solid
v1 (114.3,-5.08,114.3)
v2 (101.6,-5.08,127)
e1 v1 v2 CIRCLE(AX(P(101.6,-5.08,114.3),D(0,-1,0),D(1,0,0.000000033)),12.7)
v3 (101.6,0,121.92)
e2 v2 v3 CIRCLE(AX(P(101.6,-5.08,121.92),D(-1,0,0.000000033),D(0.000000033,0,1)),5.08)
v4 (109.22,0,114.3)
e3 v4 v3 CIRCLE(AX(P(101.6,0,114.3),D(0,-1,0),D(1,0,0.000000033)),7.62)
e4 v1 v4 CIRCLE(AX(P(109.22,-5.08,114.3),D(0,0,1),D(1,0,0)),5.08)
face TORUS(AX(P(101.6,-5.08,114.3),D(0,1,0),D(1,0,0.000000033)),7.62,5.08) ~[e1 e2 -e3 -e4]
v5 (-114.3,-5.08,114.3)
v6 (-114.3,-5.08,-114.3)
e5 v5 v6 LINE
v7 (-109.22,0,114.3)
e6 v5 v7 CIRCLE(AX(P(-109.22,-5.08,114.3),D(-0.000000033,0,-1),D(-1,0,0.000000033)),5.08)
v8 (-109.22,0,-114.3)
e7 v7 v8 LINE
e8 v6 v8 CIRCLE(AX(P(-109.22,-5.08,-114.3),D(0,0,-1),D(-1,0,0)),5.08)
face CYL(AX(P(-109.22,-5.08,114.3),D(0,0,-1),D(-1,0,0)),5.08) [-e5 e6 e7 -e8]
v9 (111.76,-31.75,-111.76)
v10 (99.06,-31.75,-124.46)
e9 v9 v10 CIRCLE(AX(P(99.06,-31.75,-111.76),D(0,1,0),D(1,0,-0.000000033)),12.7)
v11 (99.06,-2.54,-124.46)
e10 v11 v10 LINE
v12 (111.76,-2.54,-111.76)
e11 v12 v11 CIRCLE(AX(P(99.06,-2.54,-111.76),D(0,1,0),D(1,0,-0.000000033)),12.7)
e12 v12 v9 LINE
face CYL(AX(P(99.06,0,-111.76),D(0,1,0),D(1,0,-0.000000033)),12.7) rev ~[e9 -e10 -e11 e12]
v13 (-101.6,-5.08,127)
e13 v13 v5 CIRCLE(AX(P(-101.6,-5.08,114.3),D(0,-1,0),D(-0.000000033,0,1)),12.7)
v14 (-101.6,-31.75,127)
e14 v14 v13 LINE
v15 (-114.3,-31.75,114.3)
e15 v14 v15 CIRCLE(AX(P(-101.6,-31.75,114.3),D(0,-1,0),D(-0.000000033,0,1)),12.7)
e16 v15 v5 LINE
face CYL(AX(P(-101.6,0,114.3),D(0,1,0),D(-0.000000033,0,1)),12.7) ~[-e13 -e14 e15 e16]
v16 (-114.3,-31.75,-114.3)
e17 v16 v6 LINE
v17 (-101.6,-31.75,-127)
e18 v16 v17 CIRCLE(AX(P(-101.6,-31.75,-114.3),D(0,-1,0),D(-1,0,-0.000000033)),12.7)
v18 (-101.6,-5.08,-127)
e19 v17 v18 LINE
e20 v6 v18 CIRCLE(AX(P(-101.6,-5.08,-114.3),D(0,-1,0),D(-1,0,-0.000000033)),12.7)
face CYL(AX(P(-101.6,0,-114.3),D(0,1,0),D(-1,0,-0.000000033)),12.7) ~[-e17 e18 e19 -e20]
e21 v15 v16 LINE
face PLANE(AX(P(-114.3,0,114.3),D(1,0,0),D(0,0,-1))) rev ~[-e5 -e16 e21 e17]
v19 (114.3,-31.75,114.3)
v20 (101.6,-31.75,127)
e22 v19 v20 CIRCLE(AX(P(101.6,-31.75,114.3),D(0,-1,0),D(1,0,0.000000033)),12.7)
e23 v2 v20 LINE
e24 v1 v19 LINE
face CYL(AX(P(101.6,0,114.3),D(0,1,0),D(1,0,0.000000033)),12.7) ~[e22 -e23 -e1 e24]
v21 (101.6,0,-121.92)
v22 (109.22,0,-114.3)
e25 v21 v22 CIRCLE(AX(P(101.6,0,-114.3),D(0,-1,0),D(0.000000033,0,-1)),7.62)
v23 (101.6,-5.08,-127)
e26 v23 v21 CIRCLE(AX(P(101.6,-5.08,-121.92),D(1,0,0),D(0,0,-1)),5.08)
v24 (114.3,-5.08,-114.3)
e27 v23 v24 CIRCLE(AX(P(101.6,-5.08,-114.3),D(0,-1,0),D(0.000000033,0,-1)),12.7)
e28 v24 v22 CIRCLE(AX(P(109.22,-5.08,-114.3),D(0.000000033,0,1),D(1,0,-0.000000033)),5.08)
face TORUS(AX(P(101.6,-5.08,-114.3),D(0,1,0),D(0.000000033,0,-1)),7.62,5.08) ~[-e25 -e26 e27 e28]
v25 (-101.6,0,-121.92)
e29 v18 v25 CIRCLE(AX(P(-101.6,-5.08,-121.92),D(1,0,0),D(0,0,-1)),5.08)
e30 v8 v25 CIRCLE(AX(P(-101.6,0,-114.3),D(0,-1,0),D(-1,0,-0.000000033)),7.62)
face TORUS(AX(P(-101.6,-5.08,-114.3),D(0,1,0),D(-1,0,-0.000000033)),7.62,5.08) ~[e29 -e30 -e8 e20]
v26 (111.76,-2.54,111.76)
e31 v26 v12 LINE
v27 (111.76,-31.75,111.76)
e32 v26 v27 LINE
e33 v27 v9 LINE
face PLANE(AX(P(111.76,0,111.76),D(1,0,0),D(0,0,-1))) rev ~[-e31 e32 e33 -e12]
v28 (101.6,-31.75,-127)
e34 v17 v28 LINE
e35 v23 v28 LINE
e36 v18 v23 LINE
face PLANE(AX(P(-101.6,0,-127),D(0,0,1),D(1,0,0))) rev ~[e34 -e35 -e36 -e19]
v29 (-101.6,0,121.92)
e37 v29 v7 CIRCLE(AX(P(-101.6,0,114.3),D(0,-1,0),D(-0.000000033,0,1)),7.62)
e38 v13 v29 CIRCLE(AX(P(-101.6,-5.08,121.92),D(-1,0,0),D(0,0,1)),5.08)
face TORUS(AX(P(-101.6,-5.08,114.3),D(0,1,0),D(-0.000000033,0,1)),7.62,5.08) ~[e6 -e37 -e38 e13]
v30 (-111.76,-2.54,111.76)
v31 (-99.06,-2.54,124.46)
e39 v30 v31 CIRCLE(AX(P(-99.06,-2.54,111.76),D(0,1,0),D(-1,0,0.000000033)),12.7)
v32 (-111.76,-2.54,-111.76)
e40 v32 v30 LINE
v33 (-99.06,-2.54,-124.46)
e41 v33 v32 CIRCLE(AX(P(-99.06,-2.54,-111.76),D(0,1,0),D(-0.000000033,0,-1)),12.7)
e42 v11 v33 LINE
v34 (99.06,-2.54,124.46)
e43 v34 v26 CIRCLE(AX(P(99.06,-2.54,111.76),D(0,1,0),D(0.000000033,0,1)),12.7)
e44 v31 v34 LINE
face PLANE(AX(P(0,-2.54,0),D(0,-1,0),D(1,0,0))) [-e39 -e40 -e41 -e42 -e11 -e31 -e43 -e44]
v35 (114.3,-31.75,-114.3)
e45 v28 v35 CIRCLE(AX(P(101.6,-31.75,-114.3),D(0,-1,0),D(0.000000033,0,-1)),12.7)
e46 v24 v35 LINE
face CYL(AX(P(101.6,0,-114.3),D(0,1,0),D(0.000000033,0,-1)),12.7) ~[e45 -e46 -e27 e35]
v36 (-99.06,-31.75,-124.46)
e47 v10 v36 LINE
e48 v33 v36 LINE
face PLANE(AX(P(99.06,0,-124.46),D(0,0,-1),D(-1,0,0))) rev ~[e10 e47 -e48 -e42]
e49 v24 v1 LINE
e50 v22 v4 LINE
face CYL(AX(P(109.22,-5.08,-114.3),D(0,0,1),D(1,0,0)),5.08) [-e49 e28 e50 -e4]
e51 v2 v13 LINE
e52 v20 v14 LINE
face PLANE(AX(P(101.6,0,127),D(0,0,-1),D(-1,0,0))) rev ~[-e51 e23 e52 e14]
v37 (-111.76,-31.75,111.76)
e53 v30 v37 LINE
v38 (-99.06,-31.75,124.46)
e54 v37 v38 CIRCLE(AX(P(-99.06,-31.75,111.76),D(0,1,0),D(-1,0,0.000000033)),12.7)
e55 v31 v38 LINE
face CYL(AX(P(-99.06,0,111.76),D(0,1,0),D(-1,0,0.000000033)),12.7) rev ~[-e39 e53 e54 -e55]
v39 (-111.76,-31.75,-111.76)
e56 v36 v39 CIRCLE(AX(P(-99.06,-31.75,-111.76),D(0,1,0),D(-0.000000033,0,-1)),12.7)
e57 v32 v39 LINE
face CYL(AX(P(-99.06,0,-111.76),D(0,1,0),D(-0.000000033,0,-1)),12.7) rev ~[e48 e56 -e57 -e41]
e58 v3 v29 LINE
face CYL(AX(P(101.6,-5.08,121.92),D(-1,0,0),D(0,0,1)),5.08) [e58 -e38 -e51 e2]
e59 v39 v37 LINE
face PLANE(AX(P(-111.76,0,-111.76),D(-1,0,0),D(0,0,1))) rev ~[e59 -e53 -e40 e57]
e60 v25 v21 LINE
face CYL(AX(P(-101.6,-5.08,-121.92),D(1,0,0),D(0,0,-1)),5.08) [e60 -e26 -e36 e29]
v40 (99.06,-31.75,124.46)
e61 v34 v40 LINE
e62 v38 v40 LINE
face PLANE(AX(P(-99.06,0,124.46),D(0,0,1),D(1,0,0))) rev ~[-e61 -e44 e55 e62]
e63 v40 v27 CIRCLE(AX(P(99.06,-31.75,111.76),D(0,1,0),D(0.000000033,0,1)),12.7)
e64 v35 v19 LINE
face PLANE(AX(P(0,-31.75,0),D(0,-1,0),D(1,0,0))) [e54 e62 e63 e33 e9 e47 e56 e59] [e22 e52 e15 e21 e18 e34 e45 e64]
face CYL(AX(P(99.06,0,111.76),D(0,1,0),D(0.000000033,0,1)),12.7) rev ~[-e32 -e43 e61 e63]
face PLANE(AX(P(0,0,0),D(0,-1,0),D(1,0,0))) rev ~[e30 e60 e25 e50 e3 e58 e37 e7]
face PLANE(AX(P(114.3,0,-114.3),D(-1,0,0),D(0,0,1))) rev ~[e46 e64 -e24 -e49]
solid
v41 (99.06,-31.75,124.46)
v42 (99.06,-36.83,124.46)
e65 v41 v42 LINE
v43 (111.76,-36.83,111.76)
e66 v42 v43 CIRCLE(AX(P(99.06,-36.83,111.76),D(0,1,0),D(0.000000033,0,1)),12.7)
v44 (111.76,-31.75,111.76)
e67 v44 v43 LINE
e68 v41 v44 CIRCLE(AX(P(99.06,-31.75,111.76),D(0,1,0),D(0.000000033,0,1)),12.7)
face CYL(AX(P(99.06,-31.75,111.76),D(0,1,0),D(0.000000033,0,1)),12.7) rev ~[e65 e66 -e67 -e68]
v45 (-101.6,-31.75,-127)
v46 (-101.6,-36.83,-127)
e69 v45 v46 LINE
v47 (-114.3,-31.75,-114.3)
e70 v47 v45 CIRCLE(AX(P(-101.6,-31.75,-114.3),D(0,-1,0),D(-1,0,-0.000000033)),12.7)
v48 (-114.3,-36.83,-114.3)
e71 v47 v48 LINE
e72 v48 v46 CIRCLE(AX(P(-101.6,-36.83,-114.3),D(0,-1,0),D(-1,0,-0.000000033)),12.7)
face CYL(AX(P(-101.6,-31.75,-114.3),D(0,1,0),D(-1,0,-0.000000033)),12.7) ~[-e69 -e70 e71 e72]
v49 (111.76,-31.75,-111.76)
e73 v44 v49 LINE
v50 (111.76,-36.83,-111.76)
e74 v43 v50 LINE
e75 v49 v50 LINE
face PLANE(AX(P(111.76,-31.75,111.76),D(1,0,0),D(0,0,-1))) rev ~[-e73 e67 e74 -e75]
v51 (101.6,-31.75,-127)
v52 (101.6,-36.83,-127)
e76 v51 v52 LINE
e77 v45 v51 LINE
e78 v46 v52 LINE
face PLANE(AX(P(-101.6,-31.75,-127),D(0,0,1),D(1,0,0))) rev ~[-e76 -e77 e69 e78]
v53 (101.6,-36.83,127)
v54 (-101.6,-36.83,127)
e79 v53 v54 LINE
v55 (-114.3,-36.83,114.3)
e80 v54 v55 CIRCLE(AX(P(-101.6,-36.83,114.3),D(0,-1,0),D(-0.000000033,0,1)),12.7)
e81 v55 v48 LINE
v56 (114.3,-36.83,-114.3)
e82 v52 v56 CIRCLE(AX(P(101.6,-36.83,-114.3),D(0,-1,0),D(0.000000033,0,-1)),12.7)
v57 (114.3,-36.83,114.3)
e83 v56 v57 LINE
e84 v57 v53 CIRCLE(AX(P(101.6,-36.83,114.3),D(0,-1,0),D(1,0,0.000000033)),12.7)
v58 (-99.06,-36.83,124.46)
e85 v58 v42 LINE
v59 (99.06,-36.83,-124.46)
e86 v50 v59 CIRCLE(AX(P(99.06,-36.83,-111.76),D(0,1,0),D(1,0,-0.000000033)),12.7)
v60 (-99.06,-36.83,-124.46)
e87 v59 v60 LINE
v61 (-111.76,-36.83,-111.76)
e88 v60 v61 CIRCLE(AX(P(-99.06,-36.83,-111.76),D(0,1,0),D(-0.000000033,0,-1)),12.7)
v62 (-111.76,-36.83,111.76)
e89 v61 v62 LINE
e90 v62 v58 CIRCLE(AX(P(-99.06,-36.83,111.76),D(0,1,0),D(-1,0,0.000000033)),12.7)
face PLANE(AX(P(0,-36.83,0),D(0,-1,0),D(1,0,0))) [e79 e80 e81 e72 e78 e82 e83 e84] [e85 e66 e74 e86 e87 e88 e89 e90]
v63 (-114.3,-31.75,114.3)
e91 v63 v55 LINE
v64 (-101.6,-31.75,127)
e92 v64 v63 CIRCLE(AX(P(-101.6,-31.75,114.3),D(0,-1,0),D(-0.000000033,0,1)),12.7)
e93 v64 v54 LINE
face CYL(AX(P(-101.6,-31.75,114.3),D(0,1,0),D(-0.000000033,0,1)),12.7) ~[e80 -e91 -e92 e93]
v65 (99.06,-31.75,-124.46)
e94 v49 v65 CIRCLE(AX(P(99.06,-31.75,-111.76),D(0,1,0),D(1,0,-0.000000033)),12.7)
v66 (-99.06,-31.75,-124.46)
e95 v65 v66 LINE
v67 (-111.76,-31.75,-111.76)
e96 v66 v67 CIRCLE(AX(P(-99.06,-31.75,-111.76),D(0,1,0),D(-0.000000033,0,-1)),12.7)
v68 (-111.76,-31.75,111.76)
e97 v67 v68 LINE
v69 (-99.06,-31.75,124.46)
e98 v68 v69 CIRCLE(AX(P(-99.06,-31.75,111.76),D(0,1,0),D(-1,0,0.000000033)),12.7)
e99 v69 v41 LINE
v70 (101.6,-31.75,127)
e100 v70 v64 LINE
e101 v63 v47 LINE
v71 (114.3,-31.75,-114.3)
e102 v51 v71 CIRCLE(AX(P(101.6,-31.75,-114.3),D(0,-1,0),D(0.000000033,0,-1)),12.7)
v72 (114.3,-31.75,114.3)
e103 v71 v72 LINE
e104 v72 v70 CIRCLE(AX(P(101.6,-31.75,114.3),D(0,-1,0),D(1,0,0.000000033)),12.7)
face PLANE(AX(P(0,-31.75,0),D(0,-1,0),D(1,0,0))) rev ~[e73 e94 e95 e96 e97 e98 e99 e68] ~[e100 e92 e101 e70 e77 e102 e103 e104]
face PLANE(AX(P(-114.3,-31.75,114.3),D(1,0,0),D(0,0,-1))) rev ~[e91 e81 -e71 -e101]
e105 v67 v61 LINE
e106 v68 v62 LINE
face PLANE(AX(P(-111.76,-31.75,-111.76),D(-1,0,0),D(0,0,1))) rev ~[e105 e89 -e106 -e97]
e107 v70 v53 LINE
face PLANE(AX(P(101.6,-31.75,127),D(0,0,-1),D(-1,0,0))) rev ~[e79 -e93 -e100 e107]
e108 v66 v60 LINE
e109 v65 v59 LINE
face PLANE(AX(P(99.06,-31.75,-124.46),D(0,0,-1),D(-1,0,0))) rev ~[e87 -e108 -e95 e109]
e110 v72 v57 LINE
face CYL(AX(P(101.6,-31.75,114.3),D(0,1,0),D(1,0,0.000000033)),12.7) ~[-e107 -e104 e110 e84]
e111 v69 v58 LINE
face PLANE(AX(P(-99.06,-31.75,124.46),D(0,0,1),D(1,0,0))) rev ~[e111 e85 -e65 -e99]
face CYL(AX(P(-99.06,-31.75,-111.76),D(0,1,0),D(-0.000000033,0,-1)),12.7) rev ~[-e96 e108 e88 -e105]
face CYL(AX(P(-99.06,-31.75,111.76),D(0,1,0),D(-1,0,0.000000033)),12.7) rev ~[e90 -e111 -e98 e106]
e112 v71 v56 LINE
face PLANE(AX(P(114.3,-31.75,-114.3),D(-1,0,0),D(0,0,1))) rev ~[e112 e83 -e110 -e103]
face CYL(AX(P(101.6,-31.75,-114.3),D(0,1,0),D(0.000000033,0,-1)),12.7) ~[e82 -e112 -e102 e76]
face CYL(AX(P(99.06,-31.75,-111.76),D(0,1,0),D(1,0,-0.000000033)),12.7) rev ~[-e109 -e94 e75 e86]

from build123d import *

# Parameters (mm, degrees)
F1_DEPTH = 31.75
F3_DEPTH = 2.54
F5_DEPTH = 5.08
F6_R     = 5.08


with BuildPart() as f1:
    # F0 (on Front) → F1 (new body)
    with BuildSketch(Plane.XZ):
        with BuildLine():
            Line((-101.6, -127), (101.6, -127))
            ThreePointArc((101.6, -127), (110.580256, -123.280256), (114.3, -114.3))
            Line((114.3, -114.3), (114.3, 114.3))
            ThreePointArc((114.3, 114.3), (110.580256, 123.280256), (101.6, 127))
            Line((101.6, 127), (-101.6, 127))
            ThreePointArc((-101.6, 127), (-110.580256, 123.280256), (-114.3, 114.3))
            Line((-114.3, 114.3), (-114.3, -114.3))
            ThreePointArc((-114.3, -114.3), (-110.580256, -123.280256), (-101.6, -127))
        make_face()
        with BuildLine():
            ThreePointArc((111.76, -111.76), (108.040256, -120.740256), (99.06, -124.46))
            Line((99.06, -124.46), (-99.06, -124.46))
            ThreePointArc((-99.06, -124.46), (-108.040256, -120.740256), (-111.76, -111.76))
            Line((-111.76, -111.76), (-111.76, 111.76))
            ThreePointArc((-111.76, 111.76), (-108.040256, 120.740256), (-99.06, 124.46))
            Line((-99.06, 124.46), (99.06, 124.46))
            ThreePointArc((99.06, 124.46), (108.040256, 120.740256), (111.76, 111.76))
            Line((111.76, 111.76), (111.76, -111.76))
        make_face(mode=Mode.SUBTRACT)
    extrude(amount=F1_DEPTH)

    # F2 (on Front) → F3 (join)
    with BuildSketch(Plane.XZ):
        with BuildLine():
            ThreePointArc((-114.3, -114.3), (-110.580256, -123.280256), (-101.6, -127))
            Line((-101.6, -127), (101.6, -127))
            ThreePointArc((101.6, -127), (110.580256, -123.280256), (114.3, -114.3))
            Line((114.3, -114.3), (114.3, 114.3))
            ThreePointArc((114.3, 114.3), (110.580256, 123.280256), (101.6, 127))
            Line((101.6, 127), (-101.6, 127))
            ThreePointArc((-101.6, 127), (-110.580256, 123.280256), (-114.3, 114.3))
            Line((-114.3, 114.3), (-114.3, -114.3))
        make_face()
    extrude(amount=F3_DEPTH)

    # F6
    f6_edges = [f1.edges().sort_by_distance(p)[0] for p in [
        (0, 0, -127),
        (110.580256, 0, -123.280256),
        (114.3, 0, 0),
        (110.580256, 0, 123.280256),
        (0, 0, 127),
        (-110.580256, 0, 123.280256),
        (-114.3, 0, 0),
        (-110.580256, 0, -123.280256),
    ]]
    fillet(f6_edges, radius=F6_R)


with BuildPart() as f5:
    # F4 (on face) → F5 (new body)
    with BuildSketch(Plane.XZ.offset(31.75)):
        with BuildLine():
            Line((-101.6, -127), (101.6, -127))
            ThreePointArc((101.6, -127), (110.580256, -123.280256), (114.3, -114.3))
            Line((114.3, -114.3), (114.3, 114.3))
            ThreePointArc((114.3, 114.3), (110.580256, 123.280256), (101.6, 127))
            Line((101.6, 127), (-101.6, 127))
            ThreePointArc((-101.6, 127), (-110.580256, 123.280256), (-114.3, 114.3))
            Line((-114.3, 114.3), (-114.3, -114.3))
            ThreePointArc((-114.3, -114.3), (-110.580256, -123.280256), (-101.6, -127))
        make_face()
        with BuildLine():
            ThreePointArc((111.76, -111.76), (108.040256, -120.740256), (99.06, -124.46))
            Line((99.06, -124.46), (-99.06, -124.46))
            ThreePointArc((-99.06, -124.46), (-108.040256, -120.740256), (-111.76, -111.76))
            Line((-111.76, -111.76), (-111.76, 111.76))
            ThreePointArc((-111.76, 111.76), (-108.040256, 120.740256), (-99.06, 124.46))
            Line((-99.06, 124.46), (99.06, 124.46))
            ThreePointArc((99.06, 124.46), (108.040256, 120.740256), (111.76, 111.76))
            Line((111.76, 111.76), (111.76, -111.76))
        make_face(mode=Mode.SUBTRACT)
    extrude(amount=F5_DEPTH)


solid = Compound([f1.part, f5.part])
